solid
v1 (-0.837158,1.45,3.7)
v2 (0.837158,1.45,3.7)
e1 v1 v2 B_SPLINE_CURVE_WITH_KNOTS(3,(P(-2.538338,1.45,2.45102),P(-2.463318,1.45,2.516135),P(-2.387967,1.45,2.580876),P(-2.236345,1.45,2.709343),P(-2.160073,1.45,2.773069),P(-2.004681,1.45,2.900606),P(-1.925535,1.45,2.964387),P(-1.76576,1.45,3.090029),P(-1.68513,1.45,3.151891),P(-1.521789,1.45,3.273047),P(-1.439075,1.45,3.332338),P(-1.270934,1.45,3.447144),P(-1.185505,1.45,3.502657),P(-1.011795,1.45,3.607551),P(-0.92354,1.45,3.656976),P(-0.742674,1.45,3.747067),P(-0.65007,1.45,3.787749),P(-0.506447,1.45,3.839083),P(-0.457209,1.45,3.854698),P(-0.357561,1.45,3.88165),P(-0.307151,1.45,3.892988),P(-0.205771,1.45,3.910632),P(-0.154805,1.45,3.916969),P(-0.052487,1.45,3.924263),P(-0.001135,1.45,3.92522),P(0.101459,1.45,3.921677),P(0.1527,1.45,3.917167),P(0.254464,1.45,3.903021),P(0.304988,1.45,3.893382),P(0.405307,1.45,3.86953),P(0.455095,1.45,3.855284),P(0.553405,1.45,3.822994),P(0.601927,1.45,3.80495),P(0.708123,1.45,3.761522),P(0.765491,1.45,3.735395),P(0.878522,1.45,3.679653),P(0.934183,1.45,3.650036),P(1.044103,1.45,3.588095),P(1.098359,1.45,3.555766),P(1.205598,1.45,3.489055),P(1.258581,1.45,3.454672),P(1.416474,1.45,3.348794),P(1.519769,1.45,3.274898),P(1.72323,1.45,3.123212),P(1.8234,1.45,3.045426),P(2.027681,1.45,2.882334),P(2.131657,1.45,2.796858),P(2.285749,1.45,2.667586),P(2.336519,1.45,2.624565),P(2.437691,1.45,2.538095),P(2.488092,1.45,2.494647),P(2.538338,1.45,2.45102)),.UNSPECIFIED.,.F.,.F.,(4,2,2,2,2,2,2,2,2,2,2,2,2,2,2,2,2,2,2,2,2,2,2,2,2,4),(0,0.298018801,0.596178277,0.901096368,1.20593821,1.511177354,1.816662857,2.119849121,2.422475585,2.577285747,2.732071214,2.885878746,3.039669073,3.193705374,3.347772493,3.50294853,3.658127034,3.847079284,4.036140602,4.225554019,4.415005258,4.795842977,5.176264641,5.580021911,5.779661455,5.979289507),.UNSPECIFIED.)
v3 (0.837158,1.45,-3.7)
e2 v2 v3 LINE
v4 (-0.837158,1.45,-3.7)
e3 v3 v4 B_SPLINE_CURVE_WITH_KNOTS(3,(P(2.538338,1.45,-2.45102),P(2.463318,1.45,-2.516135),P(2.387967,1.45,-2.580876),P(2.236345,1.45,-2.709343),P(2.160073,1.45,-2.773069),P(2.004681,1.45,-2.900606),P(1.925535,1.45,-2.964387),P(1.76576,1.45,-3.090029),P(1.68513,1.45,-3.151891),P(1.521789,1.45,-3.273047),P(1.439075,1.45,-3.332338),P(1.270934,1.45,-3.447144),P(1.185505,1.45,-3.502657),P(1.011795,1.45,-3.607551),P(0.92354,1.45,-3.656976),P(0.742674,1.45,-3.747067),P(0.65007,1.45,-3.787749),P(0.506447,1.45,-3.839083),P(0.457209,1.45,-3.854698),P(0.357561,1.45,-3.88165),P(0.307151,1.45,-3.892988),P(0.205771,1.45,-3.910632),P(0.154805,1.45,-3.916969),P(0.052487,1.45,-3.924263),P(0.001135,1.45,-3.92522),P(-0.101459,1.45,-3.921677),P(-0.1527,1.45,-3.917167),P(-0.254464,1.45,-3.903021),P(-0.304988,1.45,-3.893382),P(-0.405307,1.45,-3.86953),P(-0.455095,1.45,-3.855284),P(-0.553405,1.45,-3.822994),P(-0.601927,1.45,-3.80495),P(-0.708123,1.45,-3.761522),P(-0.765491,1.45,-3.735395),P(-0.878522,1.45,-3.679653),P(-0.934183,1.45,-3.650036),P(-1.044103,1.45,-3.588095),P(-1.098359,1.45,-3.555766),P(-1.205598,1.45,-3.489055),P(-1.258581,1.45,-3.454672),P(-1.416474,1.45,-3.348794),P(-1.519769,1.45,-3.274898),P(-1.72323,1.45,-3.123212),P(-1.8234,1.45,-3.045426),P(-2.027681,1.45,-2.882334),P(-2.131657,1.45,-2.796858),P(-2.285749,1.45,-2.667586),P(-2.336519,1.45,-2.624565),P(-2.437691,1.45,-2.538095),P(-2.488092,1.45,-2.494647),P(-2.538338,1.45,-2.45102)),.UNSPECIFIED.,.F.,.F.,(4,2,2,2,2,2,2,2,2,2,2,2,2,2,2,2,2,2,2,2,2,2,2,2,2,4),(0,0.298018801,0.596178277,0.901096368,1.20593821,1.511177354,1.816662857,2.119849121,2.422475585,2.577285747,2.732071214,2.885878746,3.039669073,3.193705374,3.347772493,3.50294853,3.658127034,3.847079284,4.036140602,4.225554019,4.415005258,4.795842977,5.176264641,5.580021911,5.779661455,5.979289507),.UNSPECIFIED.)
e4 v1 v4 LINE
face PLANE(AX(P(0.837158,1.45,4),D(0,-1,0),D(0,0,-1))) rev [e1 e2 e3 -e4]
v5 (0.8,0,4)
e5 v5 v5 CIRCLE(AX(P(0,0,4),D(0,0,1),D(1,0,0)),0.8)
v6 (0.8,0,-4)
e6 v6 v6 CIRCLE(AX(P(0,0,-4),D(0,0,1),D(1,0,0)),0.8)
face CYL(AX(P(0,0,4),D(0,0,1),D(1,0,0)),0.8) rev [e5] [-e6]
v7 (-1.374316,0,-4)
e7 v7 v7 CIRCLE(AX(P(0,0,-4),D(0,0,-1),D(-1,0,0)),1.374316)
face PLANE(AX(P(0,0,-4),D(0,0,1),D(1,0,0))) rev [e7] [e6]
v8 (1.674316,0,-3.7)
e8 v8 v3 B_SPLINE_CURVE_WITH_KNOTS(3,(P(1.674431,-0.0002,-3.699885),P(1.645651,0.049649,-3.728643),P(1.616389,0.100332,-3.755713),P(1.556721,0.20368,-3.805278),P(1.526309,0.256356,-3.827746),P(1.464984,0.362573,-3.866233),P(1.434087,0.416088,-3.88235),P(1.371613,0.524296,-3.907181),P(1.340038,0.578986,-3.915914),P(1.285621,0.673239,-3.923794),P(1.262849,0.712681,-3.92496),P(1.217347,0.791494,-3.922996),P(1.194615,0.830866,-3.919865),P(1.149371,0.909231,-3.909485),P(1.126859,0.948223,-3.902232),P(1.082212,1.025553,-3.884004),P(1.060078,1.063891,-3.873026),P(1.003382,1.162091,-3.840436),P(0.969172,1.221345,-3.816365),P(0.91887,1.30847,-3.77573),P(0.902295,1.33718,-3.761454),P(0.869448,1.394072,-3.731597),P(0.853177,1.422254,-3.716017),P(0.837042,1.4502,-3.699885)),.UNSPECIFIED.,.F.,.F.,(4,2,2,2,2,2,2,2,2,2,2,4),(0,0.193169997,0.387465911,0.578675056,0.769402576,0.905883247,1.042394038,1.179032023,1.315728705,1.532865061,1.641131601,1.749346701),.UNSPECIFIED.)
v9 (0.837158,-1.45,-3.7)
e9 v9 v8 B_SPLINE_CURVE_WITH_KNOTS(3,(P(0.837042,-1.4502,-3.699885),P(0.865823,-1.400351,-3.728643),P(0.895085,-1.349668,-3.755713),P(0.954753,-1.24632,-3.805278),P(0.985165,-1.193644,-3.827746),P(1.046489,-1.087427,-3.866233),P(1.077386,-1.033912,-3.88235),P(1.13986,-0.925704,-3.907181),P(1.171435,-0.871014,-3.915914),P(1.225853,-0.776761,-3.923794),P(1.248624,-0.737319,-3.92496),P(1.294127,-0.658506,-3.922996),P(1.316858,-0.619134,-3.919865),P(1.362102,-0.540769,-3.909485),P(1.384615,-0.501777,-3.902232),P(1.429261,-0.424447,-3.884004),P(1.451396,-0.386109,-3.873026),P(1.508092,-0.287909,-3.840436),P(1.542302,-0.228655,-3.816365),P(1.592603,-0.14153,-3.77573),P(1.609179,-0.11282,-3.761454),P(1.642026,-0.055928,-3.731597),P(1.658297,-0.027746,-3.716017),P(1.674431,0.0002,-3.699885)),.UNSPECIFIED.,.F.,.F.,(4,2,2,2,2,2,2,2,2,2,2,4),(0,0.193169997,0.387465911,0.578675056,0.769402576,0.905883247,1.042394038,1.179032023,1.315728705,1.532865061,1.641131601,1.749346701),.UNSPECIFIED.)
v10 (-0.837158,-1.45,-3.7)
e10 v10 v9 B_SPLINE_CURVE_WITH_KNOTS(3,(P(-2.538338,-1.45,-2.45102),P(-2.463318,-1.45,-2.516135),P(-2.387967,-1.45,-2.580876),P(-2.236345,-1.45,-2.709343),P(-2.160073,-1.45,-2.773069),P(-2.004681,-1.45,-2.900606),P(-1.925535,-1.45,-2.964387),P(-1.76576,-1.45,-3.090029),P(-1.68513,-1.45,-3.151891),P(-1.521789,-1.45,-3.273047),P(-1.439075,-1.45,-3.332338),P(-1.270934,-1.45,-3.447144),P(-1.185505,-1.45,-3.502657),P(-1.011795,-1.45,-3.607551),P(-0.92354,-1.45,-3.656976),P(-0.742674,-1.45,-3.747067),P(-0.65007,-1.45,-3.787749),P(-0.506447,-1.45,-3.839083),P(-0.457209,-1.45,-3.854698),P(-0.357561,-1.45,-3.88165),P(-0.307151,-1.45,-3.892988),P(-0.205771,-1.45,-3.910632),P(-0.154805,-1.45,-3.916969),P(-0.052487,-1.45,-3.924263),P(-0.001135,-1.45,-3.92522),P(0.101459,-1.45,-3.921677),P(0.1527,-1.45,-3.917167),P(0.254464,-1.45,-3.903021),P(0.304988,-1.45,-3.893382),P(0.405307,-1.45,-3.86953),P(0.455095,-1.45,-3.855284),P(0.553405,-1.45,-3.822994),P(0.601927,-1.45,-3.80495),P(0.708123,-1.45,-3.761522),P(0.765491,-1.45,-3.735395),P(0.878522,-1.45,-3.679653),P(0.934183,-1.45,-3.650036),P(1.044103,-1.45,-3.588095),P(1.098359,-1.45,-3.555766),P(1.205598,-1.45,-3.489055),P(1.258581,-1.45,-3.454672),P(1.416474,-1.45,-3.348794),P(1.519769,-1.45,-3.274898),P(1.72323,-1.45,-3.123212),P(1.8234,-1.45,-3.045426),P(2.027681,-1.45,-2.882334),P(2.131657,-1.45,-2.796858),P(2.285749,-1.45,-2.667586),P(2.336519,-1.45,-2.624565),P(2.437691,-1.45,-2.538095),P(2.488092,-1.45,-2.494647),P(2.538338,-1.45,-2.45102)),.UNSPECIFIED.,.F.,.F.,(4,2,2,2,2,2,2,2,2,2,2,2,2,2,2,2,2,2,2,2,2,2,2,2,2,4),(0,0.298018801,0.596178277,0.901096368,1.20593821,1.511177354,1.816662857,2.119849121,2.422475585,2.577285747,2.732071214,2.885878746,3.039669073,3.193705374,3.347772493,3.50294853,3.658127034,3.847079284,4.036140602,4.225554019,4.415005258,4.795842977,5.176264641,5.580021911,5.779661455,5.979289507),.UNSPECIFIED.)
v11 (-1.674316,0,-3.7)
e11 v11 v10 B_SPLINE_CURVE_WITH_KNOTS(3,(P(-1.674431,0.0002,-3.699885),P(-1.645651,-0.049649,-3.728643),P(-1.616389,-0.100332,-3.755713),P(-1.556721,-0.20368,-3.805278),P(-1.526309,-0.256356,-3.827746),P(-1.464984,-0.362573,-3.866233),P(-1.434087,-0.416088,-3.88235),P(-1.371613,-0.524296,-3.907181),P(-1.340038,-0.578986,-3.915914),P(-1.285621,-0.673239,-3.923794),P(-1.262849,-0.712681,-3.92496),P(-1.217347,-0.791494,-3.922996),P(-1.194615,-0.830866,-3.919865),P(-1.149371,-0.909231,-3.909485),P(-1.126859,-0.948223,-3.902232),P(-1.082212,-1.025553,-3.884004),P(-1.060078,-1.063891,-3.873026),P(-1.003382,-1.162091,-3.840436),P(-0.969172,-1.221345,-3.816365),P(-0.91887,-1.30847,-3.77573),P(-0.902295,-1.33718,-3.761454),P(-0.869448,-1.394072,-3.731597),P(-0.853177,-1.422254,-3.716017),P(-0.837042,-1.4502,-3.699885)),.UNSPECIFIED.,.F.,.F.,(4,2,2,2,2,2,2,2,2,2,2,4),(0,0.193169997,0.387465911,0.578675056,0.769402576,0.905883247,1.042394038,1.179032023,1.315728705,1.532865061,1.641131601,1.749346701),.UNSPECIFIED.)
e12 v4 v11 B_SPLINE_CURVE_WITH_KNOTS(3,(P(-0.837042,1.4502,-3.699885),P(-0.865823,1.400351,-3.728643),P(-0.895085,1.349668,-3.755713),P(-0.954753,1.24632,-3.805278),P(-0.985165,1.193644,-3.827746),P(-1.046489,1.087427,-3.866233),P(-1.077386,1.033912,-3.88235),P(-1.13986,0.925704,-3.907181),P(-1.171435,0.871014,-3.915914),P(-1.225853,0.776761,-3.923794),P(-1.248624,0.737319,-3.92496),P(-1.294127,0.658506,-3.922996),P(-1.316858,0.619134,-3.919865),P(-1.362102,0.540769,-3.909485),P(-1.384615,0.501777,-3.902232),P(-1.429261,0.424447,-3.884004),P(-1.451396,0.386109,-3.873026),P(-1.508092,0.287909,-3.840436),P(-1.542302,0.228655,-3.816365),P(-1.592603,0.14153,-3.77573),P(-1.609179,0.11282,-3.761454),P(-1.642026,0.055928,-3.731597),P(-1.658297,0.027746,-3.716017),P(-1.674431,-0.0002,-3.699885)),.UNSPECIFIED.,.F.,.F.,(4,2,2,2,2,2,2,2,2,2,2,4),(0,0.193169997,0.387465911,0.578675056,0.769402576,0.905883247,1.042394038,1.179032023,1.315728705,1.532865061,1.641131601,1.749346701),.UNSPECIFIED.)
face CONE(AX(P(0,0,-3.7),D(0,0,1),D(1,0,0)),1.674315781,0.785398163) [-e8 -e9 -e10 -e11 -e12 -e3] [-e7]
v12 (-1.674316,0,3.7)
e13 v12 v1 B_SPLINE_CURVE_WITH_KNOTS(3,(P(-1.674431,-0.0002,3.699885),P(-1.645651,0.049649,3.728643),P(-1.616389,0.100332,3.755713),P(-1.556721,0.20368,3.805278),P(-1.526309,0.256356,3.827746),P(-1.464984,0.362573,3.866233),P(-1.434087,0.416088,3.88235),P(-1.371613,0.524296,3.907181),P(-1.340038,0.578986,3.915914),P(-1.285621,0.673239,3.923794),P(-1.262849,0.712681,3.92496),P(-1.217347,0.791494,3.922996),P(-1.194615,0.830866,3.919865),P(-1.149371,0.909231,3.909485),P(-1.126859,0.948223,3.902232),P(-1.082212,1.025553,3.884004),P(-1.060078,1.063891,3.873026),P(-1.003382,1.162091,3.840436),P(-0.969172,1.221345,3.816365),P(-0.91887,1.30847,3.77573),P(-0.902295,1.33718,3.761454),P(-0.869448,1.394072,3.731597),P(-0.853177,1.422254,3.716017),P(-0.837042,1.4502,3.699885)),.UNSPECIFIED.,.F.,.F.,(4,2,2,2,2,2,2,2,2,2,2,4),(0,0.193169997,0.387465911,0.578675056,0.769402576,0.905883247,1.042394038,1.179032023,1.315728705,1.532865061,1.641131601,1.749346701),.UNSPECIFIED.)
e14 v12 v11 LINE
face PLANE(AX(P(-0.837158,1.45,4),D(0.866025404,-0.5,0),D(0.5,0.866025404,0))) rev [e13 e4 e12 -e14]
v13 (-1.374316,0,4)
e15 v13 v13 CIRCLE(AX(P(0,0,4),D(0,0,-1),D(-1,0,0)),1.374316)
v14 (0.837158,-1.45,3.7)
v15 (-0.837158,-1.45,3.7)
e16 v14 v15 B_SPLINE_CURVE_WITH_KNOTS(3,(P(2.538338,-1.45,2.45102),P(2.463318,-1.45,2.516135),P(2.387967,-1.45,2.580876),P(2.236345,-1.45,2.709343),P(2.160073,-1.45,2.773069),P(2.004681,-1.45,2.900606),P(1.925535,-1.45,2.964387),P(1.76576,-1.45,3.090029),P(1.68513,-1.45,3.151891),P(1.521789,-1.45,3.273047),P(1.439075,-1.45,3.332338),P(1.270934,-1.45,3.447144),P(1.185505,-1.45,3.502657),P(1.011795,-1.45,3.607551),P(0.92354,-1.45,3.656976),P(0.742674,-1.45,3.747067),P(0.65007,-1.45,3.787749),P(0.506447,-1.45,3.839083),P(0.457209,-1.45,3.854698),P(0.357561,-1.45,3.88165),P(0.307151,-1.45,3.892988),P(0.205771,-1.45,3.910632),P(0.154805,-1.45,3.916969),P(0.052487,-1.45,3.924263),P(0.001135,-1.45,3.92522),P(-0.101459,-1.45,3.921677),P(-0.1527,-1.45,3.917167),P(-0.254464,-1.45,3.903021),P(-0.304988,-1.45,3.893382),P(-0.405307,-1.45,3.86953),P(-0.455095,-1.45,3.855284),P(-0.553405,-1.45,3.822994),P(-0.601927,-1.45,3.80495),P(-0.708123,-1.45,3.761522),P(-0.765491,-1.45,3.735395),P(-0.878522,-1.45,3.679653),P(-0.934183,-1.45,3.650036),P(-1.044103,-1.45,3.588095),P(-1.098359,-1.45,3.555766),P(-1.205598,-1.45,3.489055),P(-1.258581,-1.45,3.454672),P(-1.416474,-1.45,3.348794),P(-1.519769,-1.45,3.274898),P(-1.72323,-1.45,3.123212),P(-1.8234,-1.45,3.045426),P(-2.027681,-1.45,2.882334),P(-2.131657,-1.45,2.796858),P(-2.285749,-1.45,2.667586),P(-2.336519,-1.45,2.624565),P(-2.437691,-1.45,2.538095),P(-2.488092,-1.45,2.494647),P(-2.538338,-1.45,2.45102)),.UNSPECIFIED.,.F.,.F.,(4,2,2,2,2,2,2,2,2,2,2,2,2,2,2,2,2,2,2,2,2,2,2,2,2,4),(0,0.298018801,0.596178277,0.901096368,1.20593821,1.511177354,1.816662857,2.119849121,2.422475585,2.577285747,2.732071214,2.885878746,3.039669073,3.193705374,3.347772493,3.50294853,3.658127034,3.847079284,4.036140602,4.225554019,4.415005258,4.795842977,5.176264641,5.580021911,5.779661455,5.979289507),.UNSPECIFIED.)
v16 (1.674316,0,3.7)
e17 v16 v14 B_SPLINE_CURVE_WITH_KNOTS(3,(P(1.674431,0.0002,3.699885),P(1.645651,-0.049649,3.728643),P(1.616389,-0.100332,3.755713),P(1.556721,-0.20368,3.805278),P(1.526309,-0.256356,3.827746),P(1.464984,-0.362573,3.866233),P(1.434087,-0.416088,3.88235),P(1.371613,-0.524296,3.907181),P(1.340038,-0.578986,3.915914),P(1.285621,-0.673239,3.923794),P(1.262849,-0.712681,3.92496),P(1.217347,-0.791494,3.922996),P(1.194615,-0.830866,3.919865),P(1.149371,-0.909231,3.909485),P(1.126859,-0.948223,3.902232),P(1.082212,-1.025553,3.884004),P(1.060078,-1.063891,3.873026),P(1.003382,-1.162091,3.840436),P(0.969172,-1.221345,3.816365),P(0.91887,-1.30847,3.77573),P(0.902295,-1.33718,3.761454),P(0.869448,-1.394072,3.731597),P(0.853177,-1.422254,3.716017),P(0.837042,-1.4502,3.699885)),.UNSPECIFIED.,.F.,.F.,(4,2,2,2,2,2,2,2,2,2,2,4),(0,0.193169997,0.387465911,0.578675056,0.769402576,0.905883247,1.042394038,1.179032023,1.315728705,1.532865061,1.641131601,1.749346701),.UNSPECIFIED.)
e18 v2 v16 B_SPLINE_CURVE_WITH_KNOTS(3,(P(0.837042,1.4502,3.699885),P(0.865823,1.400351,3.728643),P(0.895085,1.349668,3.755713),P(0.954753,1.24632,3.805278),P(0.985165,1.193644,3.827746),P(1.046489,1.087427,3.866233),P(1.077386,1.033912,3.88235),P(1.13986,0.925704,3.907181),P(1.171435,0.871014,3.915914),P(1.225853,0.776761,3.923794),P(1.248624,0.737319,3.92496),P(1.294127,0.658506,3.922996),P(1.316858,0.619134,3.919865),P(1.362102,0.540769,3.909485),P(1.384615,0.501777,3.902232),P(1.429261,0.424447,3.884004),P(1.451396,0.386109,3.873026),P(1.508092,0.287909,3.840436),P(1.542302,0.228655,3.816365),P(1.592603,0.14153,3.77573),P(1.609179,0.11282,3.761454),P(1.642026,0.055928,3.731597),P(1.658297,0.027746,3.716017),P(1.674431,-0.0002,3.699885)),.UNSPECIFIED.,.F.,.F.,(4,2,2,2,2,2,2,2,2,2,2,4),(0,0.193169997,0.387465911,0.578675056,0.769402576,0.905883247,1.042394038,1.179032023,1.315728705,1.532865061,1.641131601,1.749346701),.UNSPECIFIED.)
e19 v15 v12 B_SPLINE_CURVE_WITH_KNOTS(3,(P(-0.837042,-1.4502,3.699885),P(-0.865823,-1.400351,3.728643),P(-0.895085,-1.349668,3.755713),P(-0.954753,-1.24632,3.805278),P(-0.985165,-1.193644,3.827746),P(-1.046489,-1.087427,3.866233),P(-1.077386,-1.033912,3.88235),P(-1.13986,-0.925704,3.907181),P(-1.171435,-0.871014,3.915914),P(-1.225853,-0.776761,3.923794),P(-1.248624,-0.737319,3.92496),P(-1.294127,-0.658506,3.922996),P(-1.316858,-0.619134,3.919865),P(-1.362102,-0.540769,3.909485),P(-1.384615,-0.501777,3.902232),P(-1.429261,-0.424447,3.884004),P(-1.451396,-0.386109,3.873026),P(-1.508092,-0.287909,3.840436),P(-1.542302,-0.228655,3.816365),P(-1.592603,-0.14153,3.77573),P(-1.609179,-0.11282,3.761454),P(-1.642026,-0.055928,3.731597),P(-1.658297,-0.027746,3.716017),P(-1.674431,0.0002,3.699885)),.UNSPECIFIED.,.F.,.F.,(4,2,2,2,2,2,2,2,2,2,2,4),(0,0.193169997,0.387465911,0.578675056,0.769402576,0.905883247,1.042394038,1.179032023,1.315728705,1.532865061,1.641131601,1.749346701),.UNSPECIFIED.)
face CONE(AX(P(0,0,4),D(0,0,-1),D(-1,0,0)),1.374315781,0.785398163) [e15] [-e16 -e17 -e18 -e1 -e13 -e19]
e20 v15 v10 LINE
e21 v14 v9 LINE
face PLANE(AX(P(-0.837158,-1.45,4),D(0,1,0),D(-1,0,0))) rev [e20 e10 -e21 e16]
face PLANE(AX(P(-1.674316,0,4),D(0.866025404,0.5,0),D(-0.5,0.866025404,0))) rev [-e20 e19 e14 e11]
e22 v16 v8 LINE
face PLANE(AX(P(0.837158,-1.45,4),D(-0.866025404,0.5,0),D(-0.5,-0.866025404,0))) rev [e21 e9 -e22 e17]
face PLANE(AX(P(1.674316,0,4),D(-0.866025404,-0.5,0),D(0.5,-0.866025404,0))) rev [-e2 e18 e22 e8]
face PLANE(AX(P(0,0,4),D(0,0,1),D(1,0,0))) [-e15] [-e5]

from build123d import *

# Parameters (mm, degrees)
EXTRUDE_1_DEPTH   = 4
HOLE_WIZARD_M21_D = 1.6


with BuildPart() as part:
    # Эскиз1 → Бобышка-Вытянуть1 (new, symmetric)
    with BuildSketch(Plane.XY):
        Polygon((1.674315781, 0), (0.83715789, 1.45), (-0.83715789, 1.45), (-1.674315781, 0), (-0.83715789, -1.45), (0.83715789, -1.45), align=None)
    extrude(amount=EXTRUDE_1_DEPTH, both=True)

    # Отверстие обработанное метчиком M21 (through all)
    with Locations(Plane.XY.offset(4)):
        with Locations((0, 0)):
            Hole(HOLE_WIZARD_M21_D / 2)

    # Эскиз4 → Вырез-Повернуть1 (revolve, cut)
    with BuildSketch(Plane(origin=(0, 0, 0), x_dir=(0, 0, -1), z_dir=(0, 1, 0)), mode=Mode.PRIVATE) as cut_revolve_1_sk:
        Polygon((4, 1.374315781), (3.7, 1.674315781), (4, 1.674315781), align=None)
        Polygon((-4, 1.674315781), (-4, 1.374315781), (-3.7, 1.674315781), align=None)
    revolve(cut_revolve_1_sk.sketch.rotate(Axis((0, 0, -4), (0, 0, 1)), 180), axis=Axis((0, 0, -4), (0, 0, 1)), mode=Mode.SUBTRACT)


solid = part.part
